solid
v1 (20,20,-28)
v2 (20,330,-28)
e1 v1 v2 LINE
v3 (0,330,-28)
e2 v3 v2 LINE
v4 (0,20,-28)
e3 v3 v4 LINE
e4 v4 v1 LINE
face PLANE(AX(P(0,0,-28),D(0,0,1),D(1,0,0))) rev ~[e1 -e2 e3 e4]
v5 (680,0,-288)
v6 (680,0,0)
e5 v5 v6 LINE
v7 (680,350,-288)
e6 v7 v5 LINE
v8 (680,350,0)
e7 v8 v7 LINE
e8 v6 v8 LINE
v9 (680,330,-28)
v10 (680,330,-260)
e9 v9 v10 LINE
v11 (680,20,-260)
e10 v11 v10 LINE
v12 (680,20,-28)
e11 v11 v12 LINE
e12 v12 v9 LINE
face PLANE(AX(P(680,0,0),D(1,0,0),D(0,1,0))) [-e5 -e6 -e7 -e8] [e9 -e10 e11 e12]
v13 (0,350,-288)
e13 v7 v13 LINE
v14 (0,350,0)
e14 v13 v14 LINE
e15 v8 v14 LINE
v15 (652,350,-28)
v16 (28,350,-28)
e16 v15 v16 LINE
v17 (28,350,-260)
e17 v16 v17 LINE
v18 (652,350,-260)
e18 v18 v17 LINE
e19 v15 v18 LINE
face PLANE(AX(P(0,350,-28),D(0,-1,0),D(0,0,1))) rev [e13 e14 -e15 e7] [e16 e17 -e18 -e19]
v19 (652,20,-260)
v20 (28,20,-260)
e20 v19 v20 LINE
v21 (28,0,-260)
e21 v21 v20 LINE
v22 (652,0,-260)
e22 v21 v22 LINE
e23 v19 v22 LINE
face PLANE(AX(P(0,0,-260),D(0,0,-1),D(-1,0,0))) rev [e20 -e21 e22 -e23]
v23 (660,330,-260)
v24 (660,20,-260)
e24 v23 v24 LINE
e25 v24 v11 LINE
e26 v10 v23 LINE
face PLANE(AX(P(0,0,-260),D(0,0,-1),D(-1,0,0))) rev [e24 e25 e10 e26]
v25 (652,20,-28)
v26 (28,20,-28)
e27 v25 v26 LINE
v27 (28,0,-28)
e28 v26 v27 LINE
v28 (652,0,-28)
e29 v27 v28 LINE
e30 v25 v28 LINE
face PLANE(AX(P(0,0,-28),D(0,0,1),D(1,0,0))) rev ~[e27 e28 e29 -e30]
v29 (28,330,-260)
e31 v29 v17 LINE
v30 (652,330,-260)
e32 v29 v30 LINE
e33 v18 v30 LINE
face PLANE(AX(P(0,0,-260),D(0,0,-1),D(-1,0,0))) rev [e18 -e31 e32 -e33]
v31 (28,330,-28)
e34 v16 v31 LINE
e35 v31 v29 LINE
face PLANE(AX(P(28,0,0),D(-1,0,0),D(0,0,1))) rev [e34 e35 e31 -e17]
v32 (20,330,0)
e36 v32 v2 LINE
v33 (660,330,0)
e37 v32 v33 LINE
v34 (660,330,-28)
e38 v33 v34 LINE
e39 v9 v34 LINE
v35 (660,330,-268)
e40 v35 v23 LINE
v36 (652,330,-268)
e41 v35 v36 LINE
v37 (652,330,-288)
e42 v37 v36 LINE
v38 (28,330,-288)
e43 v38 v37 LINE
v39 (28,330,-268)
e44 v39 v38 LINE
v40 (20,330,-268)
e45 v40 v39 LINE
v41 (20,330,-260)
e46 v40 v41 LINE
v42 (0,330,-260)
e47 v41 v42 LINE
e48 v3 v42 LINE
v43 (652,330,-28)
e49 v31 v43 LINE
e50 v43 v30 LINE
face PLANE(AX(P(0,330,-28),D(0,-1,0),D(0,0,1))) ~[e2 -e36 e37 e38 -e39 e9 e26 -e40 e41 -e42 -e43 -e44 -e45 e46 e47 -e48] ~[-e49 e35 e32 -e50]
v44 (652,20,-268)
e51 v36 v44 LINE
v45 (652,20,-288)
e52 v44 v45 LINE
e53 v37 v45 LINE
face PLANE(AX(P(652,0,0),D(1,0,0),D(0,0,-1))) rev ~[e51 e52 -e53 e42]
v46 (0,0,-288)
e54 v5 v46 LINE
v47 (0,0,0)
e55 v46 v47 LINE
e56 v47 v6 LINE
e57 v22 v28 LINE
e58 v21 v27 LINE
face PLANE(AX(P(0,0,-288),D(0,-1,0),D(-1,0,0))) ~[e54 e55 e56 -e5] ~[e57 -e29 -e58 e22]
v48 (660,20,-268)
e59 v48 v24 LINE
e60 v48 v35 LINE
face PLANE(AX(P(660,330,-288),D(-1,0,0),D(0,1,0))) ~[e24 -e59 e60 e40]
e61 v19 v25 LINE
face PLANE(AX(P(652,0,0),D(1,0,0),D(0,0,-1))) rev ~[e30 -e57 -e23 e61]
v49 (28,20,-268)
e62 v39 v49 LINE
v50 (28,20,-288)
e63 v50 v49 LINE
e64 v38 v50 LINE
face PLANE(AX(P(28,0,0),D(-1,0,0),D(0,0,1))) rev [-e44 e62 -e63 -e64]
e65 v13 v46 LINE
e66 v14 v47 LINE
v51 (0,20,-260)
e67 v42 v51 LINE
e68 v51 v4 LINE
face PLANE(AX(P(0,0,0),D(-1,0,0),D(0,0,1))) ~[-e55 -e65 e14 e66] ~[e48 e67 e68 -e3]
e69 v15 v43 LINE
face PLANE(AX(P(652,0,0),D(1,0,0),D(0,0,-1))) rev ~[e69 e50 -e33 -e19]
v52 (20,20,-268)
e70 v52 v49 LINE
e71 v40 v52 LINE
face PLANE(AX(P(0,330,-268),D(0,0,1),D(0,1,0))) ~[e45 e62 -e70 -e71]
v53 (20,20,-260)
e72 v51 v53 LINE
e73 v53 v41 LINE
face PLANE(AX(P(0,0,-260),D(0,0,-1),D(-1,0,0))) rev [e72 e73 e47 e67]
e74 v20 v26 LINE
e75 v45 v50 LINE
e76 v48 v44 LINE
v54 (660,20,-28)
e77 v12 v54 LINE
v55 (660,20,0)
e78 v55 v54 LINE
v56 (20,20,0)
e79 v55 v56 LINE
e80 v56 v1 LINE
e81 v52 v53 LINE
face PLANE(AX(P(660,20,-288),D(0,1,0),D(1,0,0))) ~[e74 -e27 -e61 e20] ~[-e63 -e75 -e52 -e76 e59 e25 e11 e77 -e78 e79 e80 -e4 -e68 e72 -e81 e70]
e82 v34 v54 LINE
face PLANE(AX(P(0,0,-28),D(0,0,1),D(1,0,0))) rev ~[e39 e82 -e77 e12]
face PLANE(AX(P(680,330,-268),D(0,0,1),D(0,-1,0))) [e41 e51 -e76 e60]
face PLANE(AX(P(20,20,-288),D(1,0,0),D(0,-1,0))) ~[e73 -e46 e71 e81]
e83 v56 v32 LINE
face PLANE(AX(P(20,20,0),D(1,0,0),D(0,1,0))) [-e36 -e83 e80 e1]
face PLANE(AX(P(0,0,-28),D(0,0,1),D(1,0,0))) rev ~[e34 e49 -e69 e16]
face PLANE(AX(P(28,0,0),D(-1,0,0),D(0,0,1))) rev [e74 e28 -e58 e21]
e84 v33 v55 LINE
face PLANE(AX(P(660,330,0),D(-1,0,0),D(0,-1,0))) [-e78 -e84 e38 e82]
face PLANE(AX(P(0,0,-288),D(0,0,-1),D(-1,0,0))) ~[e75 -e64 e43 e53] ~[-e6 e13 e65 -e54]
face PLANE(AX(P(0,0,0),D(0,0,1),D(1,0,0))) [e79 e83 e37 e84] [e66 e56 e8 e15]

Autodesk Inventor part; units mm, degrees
ref_plane "YZ Plane" through (0, 0, 0) normal (1, 0, 0) x (0, 1, 0)
sketch "Sketch1" plane through (0, 0, 0) normal (0, 0, 1) x (1, 0, 0)
  line L0 (0, 0) -> (680, 0)
  line L1 (680, 0) -> (680, 350)
  line L2 (680, 350) -> (0, 350)
  line L3 (0, 350) -> (0, 0)
  line L4 (660, 20) -> (20, 20)
  line L5 (20, 20) -> (20, 330)
  line L6 (20, 330) -> (660, 330)
  line L7 (660, 330) -> (660, 20)
  dimension "d0" = 680
  dimension "d1" = 350
  dimension "d2" = 20
extrude "Extrusion1" add sketch "Sketch1" against normal blind 28
sketch "Sketch2" plane through (680, 0, 0) normal (1, 0, 0) x (0, 0, -1)
  line L0 (0, 350) -> (28, 350) projected
  line L1 (28, 350) -> (288, 350)
  line L2 (288, 350) -> (288, 0)
  line L3 (28, 350) -> (28, 0) projected
  line L4 (288, 0) -> (28, 0)
  line L5 (28, 330) -> (268, 330)
  line L6 (268, 330) -> (268, 20)
  line L7 (268, 20) -> (28, 20)
  point P0 (0, 0)
  dimension "d5" = 260
  dimension "d6" = 350
  dimension "d7" = 20
  dimension "d8" = 20
  dimension "d9" = 310
extrude "Extrusion2" add sketch "Sketch2" against normal blind 28 contours L1 L2 L4 L3 L7 L6 L5
ref_plane "Work Plane1" through (0, 0, -144) normal (0, 0, 1) x (1, 0, 0)
mirror "Mirror1" about plane through (0, 0, -144) normal (0, 0, 1) of "Extrusion1"
ref_plane "Work Plane2" through (340, 0, 0) normal (1, 0, 0) x (0, 0, -1)
mirror "Mirror2" about plane through (340, 0, 0) normal (1, 0, 0) of "Extrusion2"
sketch "Sketch4" plane through (0, 0, 0) normal (0, -1, 0) x (1, 0, 0)
  line L0 (0, -144) -> (680, -144)
  line L1 (680, -28) -> (680, -260) projected
  line L2 (680, -288) -> (0, -288) projected
  line L3 (0, -80.5) -> (680, -80.5)
  line L4 (652, -28) -> (28, -28) projected
  point P0 (0, 0)
  dimension "d15" = 144
  dimension "d16" = 52.5
properties part number "OuterShell" material "Steel, Mild"
